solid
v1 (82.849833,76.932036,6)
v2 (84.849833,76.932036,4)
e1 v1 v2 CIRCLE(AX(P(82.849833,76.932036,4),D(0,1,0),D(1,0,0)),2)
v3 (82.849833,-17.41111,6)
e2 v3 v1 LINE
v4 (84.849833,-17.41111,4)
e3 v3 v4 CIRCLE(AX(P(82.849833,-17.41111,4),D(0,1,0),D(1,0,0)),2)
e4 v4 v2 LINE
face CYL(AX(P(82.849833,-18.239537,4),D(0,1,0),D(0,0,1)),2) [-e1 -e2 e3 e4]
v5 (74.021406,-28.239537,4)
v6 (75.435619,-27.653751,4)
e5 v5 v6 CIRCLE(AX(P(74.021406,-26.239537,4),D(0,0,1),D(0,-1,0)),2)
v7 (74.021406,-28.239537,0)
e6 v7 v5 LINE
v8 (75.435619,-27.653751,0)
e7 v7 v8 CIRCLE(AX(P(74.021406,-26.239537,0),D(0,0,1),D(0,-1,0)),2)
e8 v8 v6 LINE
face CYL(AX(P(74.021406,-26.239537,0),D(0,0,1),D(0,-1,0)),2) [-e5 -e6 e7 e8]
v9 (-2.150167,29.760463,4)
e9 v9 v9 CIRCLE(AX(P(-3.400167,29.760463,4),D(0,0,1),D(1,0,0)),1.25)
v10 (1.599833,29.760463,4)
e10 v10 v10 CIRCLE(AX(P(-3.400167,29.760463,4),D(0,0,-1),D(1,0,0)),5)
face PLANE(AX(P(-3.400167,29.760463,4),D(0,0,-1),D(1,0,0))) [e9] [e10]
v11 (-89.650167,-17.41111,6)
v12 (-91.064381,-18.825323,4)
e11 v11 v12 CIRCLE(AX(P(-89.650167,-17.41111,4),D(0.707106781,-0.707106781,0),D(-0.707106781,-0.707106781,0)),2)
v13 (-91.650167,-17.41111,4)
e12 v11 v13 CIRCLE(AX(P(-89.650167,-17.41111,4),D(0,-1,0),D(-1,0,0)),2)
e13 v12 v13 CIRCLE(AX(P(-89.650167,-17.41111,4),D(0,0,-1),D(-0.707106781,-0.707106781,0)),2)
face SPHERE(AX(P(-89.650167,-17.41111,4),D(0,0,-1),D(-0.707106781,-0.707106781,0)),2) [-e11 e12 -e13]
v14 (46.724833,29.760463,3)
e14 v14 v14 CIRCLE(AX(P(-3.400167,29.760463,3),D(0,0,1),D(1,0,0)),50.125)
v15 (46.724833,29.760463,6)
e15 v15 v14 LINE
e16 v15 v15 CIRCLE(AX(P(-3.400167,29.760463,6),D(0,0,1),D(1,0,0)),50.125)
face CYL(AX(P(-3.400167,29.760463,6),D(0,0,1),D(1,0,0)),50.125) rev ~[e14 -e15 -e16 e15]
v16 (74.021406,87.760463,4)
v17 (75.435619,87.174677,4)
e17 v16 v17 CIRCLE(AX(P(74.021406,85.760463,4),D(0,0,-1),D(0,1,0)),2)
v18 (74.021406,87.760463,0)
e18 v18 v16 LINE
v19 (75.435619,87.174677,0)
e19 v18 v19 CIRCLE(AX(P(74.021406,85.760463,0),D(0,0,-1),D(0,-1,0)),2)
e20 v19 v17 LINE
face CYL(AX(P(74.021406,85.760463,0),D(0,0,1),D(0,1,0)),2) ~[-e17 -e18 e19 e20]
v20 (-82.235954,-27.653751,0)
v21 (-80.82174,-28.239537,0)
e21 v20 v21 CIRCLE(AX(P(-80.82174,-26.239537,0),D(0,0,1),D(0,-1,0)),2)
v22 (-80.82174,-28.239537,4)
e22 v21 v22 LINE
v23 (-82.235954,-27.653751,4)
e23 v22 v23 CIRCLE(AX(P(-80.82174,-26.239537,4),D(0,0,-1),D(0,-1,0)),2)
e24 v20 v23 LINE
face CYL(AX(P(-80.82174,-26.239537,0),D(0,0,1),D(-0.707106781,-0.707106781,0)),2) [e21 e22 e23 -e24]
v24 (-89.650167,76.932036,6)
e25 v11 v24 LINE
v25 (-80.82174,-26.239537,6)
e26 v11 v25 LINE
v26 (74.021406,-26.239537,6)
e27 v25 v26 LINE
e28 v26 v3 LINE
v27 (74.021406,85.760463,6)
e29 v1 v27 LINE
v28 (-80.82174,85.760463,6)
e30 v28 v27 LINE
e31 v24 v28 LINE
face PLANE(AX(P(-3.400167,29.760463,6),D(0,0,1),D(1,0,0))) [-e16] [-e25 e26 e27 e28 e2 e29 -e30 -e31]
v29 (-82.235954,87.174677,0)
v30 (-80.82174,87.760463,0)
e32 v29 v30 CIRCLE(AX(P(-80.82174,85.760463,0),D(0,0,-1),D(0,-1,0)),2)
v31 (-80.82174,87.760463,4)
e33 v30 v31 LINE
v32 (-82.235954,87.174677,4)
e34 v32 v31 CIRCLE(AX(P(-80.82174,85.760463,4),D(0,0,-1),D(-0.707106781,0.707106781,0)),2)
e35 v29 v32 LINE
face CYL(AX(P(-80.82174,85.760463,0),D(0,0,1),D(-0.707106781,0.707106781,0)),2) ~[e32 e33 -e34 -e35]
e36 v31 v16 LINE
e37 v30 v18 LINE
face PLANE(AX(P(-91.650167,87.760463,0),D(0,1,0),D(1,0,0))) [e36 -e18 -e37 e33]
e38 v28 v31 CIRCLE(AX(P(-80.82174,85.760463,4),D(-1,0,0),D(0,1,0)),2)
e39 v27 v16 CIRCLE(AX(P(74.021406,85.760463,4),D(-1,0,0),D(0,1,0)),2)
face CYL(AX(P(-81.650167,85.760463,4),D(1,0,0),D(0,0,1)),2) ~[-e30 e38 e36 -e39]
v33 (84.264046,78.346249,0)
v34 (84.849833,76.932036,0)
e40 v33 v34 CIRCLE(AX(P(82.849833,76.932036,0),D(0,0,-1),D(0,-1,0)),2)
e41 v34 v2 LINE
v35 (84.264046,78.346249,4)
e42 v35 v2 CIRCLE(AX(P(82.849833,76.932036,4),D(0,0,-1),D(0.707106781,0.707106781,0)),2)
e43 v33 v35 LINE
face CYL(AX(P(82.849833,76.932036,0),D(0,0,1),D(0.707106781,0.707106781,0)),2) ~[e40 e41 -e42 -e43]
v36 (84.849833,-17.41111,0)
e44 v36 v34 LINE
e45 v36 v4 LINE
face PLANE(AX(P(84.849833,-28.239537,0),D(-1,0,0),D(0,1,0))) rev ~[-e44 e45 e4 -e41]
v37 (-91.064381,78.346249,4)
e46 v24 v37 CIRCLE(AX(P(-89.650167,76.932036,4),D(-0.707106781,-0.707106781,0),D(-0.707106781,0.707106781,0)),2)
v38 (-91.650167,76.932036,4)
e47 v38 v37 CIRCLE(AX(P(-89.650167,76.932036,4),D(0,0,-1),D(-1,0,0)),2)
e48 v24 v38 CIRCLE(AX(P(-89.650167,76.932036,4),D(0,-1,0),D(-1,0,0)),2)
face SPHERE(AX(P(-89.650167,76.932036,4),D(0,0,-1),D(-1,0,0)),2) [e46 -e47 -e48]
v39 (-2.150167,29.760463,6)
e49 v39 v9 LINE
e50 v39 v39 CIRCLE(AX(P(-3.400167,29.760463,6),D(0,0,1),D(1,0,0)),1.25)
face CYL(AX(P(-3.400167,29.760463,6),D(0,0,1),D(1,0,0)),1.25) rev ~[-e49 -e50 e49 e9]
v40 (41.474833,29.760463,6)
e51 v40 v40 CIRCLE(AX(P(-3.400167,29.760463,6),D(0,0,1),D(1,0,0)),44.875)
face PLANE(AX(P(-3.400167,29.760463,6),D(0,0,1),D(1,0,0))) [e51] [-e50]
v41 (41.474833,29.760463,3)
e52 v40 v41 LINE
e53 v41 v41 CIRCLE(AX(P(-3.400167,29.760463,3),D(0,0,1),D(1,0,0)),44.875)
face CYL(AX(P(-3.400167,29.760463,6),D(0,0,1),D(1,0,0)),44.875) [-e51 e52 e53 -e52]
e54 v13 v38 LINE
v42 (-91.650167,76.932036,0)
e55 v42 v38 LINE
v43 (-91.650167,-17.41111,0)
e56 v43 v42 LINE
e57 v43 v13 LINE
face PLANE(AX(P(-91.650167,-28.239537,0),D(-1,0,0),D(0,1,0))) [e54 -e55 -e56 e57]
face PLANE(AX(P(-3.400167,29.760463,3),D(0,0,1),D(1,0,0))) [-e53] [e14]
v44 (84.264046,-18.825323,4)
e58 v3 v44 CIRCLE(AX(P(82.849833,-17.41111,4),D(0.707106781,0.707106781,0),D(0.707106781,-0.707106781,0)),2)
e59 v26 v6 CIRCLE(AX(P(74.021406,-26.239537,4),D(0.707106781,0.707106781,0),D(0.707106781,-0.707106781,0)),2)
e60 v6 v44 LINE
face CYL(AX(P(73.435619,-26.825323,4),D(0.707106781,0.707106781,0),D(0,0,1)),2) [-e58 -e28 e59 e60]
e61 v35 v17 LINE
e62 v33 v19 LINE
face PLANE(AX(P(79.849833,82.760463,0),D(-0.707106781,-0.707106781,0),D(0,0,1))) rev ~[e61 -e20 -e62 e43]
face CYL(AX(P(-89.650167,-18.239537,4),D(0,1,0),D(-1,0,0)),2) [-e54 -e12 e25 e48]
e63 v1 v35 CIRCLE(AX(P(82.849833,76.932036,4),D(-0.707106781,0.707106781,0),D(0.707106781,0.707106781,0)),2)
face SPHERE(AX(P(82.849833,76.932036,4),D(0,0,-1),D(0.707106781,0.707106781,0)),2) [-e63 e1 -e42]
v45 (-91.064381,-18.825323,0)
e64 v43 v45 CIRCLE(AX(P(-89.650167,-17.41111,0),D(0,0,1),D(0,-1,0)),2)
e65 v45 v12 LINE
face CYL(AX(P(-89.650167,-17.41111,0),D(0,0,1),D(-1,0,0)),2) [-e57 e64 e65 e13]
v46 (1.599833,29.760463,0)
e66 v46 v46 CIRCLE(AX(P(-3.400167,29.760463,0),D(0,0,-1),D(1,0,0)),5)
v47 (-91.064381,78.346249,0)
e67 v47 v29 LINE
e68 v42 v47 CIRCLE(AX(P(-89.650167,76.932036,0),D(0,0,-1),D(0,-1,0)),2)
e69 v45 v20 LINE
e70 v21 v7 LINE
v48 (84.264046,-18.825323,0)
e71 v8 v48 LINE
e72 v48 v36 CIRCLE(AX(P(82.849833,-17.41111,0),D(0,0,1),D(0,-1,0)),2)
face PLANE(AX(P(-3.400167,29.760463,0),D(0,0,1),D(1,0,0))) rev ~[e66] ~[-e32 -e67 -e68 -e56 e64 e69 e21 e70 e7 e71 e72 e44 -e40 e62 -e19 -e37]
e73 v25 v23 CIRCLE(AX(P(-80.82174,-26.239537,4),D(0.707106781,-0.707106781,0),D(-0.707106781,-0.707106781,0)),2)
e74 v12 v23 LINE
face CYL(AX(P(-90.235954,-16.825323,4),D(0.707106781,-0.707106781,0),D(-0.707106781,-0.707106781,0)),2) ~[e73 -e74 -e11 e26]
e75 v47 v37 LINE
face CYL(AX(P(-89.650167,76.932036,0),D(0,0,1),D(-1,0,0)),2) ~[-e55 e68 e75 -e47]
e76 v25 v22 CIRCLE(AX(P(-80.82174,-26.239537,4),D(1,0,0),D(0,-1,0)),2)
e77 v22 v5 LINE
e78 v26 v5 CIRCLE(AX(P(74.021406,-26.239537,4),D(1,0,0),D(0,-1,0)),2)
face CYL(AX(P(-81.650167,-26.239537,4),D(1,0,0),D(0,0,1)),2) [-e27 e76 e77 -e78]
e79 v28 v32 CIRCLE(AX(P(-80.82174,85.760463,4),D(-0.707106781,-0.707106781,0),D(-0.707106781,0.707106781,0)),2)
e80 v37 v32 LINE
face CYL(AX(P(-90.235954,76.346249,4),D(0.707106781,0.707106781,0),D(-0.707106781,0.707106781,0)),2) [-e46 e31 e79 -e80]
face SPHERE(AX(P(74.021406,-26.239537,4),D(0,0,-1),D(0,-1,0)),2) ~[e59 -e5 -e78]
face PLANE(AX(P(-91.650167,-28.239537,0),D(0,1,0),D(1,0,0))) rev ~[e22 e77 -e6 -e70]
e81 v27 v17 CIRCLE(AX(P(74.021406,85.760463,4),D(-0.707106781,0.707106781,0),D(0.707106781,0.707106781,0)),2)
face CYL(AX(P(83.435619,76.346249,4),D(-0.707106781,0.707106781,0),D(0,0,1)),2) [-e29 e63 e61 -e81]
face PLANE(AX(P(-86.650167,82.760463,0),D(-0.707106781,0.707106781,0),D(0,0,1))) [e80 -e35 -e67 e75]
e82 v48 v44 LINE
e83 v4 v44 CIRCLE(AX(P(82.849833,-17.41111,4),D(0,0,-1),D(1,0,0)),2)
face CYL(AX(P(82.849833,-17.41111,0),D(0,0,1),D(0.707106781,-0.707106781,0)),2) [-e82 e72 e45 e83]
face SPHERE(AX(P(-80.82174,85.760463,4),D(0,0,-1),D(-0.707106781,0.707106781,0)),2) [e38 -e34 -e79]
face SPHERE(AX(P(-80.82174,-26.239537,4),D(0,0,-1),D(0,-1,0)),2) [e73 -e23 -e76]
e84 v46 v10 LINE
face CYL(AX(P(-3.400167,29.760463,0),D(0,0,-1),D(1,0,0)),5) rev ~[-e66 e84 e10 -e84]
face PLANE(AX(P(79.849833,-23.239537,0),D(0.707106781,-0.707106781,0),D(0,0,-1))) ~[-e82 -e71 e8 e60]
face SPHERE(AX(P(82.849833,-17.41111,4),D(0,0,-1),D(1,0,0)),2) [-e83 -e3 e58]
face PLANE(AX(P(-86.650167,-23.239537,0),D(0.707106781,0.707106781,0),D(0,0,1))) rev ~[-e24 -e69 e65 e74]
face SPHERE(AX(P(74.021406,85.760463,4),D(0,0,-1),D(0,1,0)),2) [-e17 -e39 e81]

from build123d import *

# Parameters (mm, degrees)
F0_W     = 176.5
F0_H     = 116
F1_DEPTH = 6
F2_SIZE  = 10
F4_R     = 2
F3_R     = 50.125
F3_R_2   = 44.875
F5_DEPTH = 3
F3_R_3   = 1.25
F6_DEPTH = 6.001
F7_R     = 5
F8_DEPTH = 4


with BuildPart() as f1:
    # F0 (on Top) → F1 (new body)
    with BuildSketch(Plane.XY):
        with Locations((-3.4001671076, 29.7604629695)):
            Rectangle(F0_W, F0_H)
    extrude(amount=F1_DEPTH)

    # F2
    f2_edges = [f1.edges().sort_by_distance(p)[0] for p in [
        (-91.650167, -28.239537, 3),
        (84.849833, -28.239537, 3),
        (84.849833, 87.760463, 3),
        (-91.650167, 87.760463, 3),
    ]]
    chamfer(f2_edges, length=F2_SIZE)

    # F4
    f4_edges = [f1.edges().sort_by_distance(p)[0] for p in [
        (-3.400167, -28.239537, 6),
        (-86.650167, -23.239537, 6),
        (-91.650167, 29.760463, 6),
        (-86.650167, 82.760463, 6),
        (-3.400167, 87.760463, 6),
        (79.849833, 82.760463, 6),
        (84.849833, 29.760463, 6),
        (79.849833, -23.239537, 6),
        (-81.650167, -28.239537, 3),
        (-91.650167, -18.239537, 3),
        (-91.650167, 77.760463, 3),
        (-81.650167, 87.760463, 3),
        (74.849833, 87.760463, 3),
        (84.849833, 77.760463, 3),
        (84.849833, -18.239537, 3),
        (74.849833, -28.239537, 3),
    ]]
    fillet(f4_edges, radius=F4_R)

    # F3 (on face) → F5 (cut)
    with BuildSketch(Plane.XY.offset(6)):
        with Locations((-3.4001671076, 29.7604629695)):
            Circle(F3_R)
        with Locations((-3.4001671076, 29.7604629695)):
            Circle(F3_R_2, mode=Mode.SUBTRACT)
    extrude(amount=-F5_DEPTH, mode=Mode.SUBTRACT)

    # F3 (on face) → F6 (cut, through all)
    with BuildSketch(Plane.XY.offset(6)):
        with Locations((-3.4001671076, 29.7604629695)):
            Circle(F3_R_3)
    extrude(amount=-F6_DEPTH, mode=Mode.SUBTRACT)

    # F7 (on face) → F8 (cut)
    with BuildSketch(Plane(origin=(0, 0, 0), x_dir=(1, 0, 0), z_dir=(0, 0, -1))):
        with Locations((-3.4001671076, -29.7604629695)):
            Circle(F7_R)
    extrude(amount=-F8_DEPTH, mode=Mode.SUBTRACT)


solid = f1.part
